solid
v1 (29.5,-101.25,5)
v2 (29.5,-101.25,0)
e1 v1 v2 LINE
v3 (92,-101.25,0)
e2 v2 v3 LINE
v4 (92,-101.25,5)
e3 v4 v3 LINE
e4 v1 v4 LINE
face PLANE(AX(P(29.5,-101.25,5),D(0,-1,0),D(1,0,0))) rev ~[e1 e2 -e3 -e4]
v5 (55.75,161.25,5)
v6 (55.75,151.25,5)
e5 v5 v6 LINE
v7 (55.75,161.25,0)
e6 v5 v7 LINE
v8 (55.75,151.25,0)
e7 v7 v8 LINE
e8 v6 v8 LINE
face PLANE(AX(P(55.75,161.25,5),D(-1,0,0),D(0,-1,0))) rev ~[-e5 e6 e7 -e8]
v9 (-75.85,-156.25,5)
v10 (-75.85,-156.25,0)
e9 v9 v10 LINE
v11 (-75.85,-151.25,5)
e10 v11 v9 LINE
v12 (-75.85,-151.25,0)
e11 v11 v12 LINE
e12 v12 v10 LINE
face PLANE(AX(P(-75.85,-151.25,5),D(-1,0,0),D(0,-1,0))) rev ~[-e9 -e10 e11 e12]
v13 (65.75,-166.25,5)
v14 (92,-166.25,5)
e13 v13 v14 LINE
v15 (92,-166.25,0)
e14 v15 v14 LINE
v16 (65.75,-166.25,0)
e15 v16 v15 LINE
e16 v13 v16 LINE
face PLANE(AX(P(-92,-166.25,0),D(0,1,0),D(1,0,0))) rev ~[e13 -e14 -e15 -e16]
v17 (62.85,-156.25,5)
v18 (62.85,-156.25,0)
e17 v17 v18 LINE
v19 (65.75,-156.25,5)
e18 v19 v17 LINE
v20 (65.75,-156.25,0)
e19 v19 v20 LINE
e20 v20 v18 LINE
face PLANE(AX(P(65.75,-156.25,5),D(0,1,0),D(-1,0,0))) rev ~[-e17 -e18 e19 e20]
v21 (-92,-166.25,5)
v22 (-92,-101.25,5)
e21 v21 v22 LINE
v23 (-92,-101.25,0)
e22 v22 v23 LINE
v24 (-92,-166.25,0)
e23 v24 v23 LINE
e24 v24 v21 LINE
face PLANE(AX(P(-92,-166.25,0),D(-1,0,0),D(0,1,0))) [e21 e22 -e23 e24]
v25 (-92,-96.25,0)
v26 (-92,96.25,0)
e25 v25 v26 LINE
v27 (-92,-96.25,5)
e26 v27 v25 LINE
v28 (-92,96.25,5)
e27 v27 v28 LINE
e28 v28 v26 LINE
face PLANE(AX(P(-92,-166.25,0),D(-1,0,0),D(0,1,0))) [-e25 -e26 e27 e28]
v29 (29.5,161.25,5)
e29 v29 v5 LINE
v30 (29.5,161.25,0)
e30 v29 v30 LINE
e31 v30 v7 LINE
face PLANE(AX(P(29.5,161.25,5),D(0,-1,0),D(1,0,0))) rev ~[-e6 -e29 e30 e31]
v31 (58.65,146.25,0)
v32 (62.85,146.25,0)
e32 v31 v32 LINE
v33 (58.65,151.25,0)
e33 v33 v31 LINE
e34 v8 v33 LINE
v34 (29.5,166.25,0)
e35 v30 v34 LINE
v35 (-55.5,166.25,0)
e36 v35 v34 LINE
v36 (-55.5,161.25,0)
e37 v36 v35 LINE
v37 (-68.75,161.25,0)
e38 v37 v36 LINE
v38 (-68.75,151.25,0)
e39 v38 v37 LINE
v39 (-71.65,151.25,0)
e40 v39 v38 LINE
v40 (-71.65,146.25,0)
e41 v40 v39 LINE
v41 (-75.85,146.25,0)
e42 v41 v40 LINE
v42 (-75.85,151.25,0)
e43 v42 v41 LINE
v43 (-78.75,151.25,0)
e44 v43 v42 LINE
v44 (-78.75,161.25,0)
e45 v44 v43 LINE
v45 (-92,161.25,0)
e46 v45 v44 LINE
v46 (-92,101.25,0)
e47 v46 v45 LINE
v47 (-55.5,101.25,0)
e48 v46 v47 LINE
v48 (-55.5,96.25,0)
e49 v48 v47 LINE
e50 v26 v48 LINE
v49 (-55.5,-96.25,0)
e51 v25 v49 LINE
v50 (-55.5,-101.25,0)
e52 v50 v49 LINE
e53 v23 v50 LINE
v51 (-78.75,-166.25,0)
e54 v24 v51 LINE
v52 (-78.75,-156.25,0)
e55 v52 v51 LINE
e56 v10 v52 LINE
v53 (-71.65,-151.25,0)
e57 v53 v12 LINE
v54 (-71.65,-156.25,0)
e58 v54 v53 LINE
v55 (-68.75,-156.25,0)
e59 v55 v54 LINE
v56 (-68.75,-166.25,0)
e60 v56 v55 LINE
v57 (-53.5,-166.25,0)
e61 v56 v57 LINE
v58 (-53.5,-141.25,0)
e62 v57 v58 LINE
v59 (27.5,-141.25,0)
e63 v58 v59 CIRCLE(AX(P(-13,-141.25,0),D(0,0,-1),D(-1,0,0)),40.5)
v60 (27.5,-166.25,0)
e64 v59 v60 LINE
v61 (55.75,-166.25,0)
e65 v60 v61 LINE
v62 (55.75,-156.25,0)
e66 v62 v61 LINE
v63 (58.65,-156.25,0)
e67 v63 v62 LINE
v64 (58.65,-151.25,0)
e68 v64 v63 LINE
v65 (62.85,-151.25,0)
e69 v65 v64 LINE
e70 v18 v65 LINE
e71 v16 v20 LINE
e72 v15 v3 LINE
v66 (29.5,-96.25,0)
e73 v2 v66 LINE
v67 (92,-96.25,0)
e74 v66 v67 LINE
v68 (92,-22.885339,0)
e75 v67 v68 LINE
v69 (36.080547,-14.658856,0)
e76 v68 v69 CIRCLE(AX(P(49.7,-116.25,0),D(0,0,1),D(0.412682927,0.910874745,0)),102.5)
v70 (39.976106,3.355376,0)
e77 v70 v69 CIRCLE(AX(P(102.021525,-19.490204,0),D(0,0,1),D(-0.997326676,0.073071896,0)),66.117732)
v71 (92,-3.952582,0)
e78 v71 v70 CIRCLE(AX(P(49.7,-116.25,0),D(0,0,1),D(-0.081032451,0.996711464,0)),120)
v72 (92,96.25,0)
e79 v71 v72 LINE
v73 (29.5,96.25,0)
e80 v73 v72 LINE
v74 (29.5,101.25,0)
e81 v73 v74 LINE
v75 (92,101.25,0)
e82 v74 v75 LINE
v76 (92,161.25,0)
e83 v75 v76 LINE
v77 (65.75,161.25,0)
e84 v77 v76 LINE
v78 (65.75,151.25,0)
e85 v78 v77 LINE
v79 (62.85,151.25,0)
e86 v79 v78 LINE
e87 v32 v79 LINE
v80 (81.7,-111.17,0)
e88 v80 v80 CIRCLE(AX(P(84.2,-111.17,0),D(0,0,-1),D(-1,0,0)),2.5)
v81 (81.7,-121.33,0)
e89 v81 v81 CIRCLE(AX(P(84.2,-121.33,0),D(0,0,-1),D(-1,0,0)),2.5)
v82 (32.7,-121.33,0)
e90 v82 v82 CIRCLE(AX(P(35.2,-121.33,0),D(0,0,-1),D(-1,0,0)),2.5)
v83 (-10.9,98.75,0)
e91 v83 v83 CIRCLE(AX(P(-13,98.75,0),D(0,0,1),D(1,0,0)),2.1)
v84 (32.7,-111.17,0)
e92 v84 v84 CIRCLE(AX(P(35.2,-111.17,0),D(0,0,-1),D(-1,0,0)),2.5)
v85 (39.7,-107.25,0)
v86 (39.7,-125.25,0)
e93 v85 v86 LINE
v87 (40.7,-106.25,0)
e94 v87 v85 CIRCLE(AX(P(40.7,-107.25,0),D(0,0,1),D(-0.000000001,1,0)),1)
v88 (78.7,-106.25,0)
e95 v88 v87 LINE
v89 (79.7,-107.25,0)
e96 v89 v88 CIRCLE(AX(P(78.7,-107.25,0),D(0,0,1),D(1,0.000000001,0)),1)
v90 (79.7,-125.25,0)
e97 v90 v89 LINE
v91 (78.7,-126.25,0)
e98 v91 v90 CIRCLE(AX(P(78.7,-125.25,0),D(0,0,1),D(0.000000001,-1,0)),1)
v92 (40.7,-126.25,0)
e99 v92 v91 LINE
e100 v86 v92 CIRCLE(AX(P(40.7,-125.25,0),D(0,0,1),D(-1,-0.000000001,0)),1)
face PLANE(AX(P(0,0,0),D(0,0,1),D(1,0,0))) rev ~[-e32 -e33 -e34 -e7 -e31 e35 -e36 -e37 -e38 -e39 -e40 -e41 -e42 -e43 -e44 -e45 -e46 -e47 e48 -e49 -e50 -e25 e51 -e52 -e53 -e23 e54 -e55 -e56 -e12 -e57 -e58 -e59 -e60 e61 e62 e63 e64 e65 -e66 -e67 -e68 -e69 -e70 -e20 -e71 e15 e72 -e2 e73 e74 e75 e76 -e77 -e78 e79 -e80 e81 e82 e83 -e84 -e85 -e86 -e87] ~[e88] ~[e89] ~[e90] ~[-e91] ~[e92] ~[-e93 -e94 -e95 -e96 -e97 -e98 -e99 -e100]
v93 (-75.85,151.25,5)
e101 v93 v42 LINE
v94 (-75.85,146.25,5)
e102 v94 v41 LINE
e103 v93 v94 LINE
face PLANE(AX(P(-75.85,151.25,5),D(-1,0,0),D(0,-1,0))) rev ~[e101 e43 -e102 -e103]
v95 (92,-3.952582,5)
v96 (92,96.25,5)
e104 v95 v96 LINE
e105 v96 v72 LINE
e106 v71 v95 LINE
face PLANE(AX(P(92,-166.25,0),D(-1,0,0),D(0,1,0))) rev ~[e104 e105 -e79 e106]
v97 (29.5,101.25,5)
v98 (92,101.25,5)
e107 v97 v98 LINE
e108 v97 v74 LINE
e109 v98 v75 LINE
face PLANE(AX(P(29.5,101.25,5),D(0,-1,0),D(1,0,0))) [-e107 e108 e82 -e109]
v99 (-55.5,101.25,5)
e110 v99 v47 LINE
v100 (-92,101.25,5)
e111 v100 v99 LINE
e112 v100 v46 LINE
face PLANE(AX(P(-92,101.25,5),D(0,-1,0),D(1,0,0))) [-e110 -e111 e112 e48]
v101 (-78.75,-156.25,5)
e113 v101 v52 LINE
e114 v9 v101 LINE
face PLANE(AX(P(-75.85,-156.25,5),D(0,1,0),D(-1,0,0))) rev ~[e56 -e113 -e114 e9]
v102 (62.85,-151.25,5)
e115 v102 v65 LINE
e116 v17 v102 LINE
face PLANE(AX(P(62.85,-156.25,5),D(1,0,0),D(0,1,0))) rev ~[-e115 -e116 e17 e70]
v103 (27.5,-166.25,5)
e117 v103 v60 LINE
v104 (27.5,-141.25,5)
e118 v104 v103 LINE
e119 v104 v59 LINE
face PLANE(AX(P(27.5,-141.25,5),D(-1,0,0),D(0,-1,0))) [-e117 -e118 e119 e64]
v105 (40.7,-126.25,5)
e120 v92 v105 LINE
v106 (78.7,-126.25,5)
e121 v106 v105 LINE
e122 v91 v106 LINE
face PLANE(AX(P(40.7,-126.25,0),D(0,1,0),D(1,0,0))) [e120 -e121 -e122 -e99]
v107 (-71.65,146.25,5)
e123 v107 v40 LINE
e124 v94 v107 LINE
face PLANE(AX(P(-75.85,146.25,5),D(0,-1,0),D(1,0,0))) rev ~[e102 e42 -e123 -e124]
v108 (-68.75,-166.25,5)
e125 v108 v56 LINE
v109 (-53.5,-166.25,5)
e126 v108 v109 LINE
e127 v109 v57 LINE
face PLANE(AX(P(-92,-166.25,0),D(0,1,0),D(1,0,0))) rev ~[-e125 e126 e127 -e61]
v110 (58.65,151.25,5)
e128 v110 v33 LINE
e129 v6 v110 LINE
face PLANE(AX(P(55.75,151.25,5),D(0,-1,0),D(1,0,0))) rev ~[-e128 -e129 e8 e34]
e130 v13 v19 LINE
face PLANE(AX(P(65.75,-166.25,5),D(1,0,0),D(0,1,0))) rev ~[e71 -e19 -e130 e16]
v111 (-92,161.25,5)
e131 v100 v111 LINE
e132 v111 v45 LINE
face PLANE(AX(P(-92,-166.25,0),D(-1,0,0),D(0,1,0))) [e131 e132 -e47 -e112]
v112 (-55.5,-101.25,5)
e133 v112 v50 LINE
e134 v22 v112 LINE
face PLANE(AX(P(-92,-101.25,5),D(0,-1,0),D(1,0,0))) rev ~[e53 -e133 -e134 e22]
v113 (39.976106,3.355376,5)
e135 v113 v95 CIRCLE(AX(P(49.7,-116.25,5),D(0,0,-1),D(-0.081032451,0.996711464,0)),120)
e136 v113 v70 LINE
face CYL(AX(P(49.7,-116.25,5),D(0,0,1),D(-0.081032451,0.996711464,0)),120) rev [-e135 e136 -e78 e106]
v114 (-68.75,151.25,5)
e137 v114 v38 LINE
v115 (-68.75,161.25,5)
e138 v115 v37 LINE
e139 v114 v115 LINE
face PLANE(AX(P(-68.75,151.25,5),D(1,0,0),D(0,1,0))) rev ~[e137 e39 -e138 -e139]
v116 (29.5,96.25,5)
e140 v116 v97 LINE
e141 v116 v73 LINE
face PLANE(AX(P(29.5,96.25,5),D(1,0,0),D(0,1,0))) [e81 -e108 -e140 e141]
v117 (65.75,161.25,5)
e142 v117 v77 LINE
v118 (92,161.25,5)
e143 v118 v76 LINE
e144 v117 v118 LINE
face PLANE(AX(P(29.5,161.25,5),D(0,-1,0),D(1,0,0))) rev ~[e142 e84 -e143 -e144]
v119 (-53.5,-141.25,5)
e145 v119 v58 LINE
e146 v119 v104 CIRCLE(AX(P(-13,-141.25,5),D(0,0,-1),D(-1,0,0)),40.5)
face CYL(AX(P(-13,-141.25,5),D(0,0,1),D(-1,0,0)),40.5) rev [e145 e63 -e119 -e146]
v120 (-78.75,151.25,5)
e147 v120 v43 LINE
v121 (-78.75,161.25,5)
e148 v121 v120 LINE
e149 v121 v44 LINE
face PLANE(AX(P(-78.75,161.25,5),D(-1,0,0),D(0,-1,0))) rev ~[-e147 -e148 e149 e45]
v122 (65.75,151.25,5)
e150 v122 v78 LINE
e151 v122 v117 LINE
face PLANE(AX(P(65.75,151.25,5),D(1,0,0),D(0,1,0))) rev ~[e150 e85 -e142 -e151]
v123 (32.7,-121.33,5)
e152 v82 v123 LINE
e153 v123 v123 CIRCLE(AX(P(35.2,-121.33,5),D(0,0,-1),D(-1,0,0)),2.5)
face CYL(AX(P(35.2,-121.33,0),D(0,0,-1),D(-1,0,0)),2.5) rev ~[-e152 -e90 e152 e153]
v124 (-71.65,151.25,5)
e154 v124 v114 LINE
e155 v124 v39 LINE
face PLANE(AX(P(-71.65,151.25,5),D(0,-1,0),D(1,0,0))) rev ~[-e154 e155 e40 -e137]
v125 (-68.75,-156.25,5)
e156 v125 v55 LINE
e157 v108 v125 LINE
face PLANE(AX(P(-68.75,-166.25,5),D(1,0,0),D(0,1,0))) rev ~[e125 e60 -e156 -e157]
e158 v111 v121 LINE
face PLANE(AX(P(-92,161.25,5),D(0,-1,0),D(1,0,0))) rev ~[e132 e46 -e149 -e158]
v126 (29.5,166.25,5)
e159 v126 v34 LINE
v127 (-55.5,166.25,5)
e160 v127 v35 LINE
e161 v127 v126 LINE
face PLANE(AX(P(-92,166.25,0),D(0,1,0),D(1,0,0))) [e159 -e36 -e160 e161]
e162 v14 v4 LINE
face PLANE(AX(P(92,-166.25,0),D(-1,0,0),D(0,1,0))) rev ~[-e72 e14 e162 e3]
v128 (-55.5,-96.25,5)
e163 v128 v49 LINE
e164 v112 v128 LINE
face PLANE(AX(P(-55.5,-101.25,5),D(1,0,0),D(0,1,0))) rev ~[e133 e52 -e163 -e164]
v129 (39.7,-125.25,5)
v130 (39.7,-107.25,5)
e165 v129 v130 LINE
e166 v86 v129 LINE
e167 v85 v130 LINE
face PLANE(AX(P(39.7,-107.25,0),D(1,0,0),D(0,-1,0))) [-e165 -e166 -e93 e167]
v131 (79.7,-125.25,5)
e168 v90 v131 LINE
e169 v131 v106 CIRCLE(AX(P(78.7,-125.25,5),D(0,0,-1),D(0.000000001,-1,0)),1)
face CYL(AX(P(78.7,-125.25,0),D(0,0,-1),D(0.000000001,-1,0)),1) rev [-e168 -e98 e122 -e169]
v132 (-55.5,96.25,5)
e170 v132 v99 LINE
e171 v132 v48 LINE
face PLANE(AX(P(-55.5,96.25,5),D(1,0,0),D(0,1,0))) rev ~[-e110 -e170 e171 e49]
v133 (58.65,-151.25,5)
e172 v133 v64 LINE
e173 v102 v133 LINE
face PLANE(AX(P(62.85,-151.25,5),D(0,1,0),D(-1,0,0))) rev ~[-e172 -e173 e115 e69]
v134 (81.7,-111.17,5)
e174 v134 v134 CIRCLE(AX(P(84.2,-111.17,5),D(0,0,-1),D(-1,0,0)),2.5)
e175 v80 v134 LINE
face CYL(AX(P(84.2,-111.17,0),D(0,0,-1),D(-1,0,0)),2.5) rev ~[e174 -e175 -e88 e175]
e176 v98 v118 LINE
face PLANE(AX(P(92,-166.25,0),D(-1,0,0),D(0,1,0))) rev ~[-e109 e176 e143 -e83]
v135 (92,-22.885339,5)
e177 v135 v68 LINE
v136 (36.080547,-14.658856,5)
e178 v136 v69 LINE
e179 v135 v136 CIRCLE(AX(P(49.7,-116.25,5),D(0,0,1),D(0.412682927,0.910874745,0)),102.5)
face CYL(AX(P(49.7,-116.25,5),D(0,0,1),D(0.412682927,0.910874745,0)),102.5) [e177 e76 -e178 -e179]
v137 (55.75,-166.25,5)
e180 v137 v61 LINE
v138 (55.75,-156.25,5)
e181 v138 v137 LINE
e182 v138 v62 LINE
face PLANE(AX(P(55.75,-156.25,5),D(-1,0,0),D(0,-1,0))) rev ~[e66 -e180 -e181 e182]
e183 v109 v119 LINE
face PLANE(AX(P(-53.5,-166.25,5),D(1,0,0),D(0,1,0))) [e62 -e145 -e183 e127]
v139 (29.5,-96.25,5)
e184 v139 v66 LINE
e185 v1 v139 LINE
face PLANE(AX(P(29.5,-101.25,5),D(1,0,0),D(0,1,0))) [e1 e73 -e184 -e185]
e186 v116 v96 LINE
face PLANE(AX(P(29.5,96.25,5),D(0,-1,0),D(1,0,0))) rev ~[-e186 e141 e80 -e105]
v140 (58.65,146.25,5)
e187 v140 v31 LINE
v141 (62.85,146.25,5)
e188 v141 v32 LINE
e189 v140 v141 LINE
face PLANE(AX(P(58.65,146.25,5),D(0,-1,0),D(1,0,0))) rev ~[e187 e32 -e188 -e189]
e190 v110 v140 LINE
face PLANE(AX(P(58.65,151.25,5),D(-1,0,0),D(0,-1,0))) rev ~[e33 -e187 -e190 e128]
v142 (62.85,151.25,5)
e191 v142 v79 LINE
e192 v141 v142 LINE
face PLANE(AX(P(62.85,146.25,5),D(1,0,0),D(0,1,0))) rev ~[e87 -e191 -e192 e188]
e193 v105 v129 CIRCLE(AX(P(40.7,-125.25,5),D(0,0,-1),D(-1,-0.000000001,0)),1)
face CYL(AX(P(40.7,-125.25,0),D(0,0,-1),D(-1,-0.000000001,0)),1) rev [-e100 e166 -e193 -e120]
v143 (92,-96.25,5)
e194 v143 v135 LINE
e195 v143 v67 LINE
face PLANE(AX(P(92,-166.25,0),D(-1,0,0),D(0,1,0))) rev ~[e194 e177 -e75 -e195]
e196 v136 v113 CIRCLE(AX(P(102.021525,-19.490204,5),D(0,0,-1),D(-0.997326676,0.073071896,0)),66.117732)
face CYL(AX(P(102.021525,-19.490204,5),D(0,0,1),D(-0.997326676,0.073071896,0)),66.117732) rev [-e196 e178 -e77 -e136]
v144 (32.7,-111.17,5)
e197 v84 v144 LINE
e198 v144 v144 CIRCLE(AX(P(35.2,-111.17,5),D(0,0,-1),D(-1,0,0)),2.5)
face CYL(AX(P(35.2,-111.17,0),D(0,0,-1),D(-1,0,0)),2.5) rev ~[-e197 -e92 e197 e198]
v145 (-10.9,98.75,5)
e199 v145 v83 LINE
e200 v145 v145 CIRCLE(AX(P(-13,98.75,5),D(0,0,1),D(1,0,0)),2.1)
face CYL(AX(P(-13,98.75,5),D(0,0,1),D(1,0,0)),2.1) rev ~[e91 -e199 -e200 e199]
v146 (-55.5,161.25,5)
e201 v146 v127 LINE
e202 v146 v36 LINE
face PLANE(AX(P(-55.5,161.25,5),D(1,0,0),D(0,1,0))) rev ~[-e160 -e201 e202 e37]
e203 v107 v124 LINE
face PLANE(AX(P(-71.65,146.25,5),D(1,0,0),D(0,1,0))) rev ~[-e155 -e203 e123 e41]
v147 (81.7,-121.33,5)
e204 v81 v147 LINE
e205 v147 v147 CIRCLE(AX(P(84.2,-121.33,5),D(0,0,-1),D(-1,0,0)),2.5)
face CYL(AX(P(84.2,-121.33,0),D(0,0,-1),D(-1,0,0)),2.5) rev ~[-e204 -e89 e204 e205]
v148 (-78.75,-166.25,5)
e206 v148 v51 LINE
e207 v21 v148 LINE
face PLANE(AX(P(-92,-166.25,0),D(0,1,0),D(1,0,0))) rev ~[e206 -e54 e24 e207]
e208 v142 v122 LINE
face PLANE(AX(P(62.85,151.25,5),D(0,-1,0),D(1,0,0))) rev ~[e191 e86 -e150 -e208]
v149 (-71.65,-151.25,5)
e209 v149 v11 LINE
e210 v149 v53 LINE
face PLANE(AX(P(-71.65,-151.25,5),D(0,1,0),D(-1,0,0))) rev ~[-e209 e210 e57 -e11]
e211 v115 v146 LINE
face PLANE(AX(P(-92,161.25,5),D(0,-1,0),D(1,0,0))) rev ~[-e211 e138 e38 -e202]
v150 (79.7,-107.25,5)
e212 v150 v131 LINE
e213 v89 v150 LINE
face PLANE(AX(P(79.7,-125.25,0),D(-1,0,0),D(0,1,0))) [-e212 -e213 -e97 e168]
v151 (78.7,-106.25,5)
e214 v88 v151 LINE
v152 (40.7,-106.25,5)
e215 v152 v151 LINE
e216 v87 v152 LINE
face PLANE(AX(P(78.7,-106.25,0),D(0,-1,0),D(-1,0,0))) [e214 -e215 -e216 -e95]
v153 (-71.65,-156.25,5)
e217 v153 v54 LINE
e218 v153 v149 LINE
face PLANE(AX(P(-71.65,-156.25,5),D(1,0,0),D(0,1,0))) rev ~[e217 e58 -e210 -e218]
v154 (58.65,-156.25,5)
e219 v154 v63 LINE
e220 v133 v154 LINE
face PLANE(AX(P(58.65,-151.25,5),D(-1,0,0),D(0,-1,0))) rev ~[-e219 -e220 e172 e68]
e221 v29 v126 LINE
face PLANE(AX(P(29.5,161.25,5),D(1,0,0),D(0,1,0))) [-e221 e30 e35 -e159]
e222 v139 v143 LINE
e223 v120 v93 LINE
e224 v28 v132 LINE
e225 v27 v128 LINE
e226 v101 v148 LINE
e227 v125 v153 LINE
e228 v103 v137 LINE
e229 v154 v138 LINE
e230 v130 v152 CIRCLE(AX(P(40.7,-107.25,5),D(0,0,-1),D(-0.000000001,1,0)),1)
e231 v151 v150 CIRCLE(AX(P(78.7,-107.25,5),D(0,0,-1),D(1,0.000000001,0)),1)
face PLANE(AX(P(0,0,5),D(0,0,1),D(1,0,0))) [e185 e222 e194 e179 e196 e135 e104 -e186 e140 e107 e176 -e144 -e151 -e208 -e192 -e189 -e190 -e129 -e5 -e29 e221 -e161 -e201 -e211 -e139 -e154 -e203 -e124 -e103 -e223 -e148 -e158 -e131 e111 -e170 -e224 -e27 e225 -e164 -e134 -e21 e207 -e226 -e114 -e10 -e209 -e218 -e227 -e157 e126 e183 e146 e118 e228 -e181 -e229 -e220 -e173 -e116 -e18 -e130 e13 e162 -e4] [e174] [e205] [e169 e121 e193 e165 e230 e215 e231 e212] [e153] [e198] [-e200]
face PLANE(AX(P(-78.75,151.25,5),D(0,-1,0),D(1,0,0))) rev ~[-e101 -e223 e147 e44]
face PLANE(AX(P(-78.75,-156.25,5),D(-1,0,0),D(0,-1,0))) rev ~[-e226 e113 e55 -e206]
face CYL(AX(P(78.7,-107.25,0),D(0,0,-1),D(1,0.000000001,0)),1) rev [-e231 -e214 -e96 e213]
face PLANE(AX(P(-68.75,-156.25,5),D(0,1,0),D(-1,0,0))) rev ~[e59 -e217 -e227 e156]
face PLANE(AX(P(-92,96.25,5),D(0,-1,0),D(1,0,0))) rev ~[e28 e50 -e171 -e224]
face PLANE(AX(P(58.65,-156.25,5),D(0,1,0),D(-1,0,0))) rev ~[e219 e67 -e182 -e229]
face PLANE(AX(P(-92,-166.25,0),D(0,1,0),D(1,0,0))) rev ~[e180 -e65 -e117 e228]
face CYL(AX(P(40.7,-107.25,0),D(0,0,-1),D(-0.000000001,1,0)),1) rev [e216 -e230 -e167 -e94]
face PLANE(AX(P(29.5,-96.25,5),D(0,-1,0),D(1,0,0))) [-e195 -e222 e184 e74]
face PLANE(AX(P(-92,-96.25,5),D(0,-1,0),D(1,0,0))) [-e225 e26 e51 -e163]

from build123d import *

# Parameters (mm, degrees)
SKETCH2_W           = 184
SKETCH2_H           = 332.5
BOSS_EXTRUDE1_DEPTH = 5
SKETCH3_W           = 36.5
SKETCH3_H           = 5
SKETCH3_W_2         = 62.5
CUT_EXTRUDE1_DEPTH  = 5
CUT_EXTRUDE2_DEPTH  = 10
SKETCH5_R           = 2.1
CUT_EXTRUDE3_DEPTH  = 10
SKETCH6_R           = 2.5
CUT_EXTRUDE4_DEPTH  = 20
CUT_EXTRUDE6_DEPTH  = 6


with BuildPart() as part:
    # Sketch2 → Boss-Extrude1 (new body)
    with BuildSketch(Plane.XY):
        Rectangle(SKETCH2_W, SKETCH2_H)
    extrude(amount=BOSS_EXTRUDE1_DEPTH)

    # Sketch3 → Cut-Extrude1 (cut)
    with BuildSketch(Plane.XY.offset(5)):
        with Locations((-73.75, -98.75)):
            Rectangle(SKETCH3_W, SKETCH3_H)
        with Locations((60.75, -98.75)):
            Rectangle(SKETCH3_W_2, SKETCH3_H)
        with Locations((-73.75, 163.75)):
            Rectangle(SKETCH3_W, SKETCH3_H)
        with Locations((60.75, 163.75)):
            Rectangle(SKETCH3_W_2, SKETCH3_H)
        with Locations((60.75, 98.75)):
            Rectangle(SKETCH3_W_2, SKETCH3_H)
        with BuildLine():
            Line((27.5, -141.25), (27.5, -166.25))
            Line((27.5, -166.25), (-53.5, -166.25))
            Line((-53.5, -166.25), (-53.5, -141.25))
            ThreePointArc((-53.5, -141.25), (-13, -100.75), (27.5, -141.25))
        make_face()
        with Locations((-73.75, 98.75)):
            Rectangle(SKETCH3_W, SKETCH3_H)
    extrude(amount=-CUT_EXTRUDE1_DEPTH, mode=Mode.SUBTRACT)

    # Sketch4 → Cut-Extrude2 (cut)
    with BuildSketch(Plane.XY.offset(5)):
        Polygon((55.75, 161.25), (55.75, 151.25), (58.65, 151.25), (58.65, 146.25), (62.85, 146.25), (62.85, 151.25), (65.75, 151.25), (65.75, 161.25), align=None)
        Polygon((-78.75, 161.25), (-78.75, 151.25), (-75.85, 151.25), (-75.85, 146.25), (-71.65, 146.25), (-71.65, 151.25), (-68.75, 151.25), (-68.75, 161.25), align=None)
        Polygon((65.75, -166.25), (65.75, -156.25), (62.85, -156.25), (62.85, -151.25), (58.65, -151.25), (58.65, -156.25), (55.75, -156.25), (55.75, -166.25), align=None)
        Polygon((-68.75, -166.25), (-68.75, -156.25), (-71.65, -156.25), (-71.65, -151.25), (-75.85, -151.25), (-75.85, -156.25), (-78.75, -156.25), (-78.75, -166.25), align=None)
    extrude(amount=-CUT_EXTRUDE2_DEPTH, mode=Mode.SUBTRACT)

    # Sketch5 → Cut-Extrude3 (cut)
    with BuildSketch(Plane.XY.offset(5)):
        with Locations((-13, 98.75)):
            Circle(SKETCH5_R)
    extrude(amount=-CUT_EXTRUDE3_DEPTH, mode=Mode.SUBTRACT)

    # Sketch6 → Cut-Extrude4 (cut)
    with BuildSketch(Plane(origin=(0, 0, 0), x_dir=(-1, 0, 0), z_dir=(0, 0, -1))):
        with Locations((-35.2, -111.17)):
            Circle(SKETCH6_R)
        with Locations((-35.2, -121.33)):
            Circle(SKETCH6_R)
        with Locations((-84.2, -111.17)):
            Circle(SKETCH6_R)
        with Locations((-84.2, -121.33)):
            Circle(SKETCH6_R)
        with BuildLine():
            Line((-78.2, -106.25), (-41.2, -106.25))
            Line((-41.2, -106.25), (-40.7, -106.25))
            ThreePointArc((-40.7, -106.25), (-39.992893219, -106.542893219), (-39.7, -107.25))
            Line((-39.7, -107.25), (-39.7, -125.25))
            ThreePointArc((-39.7, -125.25), (-39.992893219, -125.957106781), (-40.7, -126.25))
            Line((-40.7, -126.25), (-78.7, -126.25))
            ThreePointArc((-78.7, -126.25), (-79.407106781, -125.957106781), (-79.7, -125.25))
            Line((-79.7, -125.25), (-79.7, -107.25))
            ThreePointArc((-79.7, -107.25), (-79.407106781, -106.542893219), (-78.7, -106.25))
            Line((-78.7, -106.25), (-78.2, -106.25))
        make_face()
    extrude(amount=-CUT_EXTRUDE4_DEPTH, mode=Mode.SUBTRACT)

    # Sketch7 → Cut-Extrude6 (cut, through all)
    with BuildSketch(Plane.XY.offset(5)):
        with BuildLine():
            Line((92.018319465, -3.95948465), (92, -22.885338591))
            ThreePointArc((92, -22.885338591), (64.618518363, -14.841480585), (36.080546525, -14.658856257))
            ThreePointArc((36.080546525, -14.658856257), (37.397553955, -5.515336457), (39.976105832, 3.355375641))
            ThreePointArc((39.976105832, 3.355375641), (66.402572717, 2.581915177), (92.018319465, -3.95948465))
        make_face()
    extrude(amount=-CUT_EXTRUDE6_DEPTH, mode=Mode.SUBTRACT)


solid = part.part
